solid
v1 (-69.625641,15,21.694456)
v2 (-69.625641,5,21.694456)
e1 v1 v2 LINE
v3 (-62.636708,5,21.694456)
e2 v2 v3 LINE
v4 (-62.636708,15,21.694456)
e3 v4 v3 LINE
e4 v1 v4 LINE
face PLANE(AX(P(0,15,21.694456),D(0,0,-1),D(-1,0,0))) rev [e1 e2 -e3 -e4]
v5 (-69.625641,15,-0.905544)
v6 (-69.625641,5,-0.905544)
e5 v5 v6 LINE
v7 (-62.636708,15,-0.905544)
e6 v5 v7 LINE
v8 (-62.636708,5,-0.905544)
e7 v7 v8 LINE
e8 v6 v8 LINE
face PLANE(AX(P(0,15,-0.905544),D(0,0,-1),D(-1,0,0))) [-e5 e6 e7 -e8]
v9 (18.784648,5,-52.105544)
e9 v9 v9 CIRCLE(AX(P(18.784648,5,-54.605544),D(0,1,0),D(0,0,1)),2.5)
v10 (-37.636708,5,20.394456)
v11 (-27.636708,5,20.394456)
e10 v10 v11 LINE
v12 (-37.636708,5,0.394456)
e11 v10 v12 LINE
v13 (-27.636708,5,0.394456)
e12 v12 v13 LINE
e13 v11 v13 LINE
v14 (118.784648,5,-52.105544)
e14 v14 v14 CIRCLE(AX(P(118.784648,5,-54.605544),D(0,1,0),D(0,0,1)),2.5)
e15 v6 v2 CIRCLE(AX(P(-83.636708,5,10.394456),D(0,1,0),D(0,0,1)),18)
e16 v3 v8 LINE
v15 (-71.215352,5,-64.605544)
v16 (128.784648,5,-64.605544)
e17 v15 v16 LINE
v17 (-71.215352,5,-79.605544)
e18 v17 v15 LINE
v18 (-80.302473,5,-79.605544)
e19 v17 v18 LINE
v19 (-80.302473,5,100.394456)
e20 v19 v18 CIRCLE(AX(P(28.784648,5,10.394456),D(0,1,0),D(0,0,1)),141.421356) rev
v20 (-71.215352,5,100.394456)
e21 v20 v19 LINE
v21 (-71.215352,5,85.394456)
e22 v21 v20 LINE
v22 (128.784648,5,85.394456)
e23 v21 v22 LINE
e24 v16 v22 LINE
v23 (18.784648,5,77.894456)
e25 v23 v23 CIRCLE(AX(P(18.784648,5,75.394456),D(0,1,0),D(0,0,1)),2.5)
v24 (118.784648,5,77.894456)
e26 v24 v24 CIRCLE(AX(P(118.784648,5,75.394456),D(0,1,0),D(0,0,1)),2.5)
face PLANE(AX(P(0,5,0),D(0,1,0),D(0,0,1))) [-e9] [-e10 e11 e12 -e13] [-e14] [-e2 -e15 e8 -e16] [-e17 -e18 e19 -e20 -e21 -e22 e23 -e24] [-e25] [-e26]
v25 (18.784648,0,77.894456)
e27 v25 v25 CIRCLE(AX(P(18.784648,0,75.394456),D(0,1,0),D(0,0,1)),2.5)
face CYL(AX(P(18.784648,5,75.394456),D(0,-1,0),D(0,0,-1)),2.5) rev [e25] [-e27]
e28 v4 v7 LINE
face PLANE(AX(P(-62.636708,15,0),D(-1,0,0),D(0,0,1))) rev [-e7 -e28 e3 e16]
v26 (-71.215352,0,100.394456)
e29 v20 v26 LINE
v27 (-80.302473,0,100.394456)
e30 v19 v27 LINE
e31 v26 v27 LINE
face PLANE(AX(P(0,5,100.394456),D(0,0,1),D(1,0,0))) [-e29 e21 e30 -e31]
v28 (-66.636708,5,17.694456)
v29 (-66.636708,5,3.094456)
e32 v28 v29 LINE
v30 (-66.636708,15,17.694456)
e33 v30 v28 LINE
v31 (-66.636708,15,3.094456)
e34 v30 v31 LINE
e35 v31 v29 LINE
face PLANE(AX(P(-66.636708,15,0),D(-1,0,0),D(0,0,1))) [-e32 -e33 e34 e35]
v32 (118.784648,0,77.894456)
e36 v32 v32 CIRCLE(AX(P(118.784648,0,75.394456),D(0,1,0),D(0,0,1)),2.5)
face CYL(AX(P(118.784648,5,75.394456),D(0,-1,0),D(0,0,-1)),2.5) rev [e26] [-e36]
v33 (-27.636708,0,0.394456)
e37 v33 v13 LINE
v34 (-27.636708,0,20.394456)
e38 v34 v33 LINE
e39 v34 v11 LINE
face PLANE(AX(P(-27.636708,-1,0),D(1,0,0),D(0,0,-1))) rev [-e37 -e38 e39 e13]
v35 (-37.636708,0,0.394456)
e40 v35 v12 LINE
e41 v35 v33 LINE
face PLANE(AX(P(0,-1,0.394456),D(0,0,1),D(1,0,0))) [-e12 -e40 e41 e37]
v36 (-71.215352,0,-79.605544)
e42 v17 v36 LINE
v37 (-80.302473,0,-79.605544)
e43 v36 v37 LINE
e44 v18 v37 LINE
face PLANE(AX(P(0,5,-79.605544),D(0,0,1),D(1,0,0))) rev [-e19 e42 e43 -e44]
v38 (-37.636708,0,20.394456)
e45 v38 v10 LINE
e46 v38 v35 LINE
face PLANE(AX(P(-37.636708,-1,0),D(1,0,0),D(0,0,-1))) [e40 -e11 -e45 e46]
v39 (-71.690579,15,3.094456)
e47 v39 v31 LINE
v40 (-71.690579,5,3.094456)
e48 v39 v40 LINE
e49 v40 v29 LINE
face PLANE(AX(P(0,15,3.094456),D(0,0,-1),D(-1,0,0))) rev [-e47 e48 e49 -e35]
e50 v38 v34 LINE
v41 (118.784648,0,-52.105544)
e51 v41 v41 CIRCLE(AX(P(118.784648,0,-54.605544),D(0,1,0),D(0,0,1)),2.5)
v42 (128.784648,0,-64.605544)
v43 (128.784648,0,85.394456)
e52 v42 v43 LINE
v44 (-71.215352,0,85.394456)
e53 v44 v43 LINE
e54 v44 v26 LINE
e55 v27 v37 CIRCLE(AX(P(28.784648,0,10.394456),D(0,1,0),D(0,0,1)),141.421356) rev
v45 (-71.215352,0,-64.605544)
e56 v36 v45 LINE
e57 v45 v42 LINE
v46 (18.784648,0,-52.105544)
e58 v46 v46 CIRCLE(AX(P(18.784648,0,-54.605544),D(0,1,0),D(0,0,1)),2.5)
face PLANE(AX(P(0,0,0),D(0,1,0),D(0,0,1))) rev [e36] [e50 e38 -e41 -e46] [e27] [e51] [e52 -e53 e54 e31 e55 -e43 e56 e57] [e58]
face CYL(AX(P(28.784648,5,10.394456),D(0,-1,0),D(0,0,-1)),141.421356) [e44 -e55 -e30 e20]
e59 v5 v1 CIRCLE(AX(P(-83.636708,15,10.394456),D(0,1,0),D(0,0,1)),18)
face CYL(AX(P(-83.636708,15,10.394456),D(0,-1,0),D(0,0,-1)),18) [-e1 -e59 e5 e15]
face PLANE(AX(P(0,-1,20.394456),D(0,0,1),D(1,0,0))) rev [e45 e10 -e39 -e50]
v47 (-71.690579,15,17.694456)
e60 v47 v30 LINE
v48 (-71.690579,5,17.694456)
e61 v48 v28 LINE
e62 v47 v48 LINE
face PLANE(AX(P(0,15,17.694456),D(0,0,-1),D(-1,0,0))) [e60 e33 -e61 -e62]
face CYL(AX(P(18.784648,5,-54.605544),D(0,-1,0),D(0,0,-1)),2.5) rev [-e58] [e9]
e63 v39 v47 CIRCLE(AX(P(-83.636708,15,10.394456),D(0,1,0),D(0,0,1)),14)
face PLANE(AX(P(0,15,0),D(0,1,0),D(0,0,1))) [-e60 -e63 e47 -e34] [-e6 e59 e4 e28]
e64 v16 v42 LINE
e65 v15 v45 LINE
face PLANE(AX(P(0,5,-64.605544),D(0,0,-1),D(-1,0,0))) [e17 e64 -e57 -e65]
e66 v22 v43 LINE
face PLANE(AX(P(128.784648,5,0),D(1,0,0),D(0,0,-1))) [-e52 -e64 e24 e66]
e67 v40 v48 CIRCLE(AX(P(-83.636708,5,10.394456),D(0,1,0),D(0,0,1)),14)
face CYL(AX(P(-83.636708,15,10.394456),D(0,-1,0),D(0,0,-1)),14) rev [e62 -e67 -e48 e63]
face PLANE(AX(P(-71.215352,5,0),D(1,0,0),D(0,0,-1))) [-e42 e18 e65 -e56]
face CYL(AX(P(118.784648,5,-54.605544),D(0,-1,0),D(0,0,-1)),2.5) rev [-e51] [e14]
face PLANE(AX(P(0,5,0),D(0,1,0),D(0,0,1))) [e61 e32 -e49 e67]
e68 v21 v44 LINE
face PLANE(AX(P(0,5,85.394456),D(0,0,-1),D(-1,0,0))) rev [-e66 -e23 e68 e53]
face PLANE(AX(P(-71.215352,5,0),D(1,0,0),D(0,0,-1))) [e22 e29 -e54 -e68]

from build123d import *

# Parameters (mm, degrees)
CROQUIS1_R              = 2.5
SALIENTE_EXTRUIR1_DEPTH = 5
SALIENTE_EXTRUIR3_DEPTH = 10
CROQUIS4_W              = 10
CROQUIS4_H              = 20
CORTAR_EXTRUIR1_DEPTH   = 6


with BuildPart() as part:
    # Croquis1 → Saliente-Extruir1 (new body)
    with BuildSketch(Plane(origin=(0, 0, 0), x_dir=(1, 0, 0), z_dir=(0, 1, 0))):
        with BuildLine():
            Line((-71.215351812, -100.39445629), (-71.215351812, -85.39445629))
            Line((-71.215351812, -85.39445629), (128.784648188, -85.39445629))
            Line((128.784648188, -85.39445629), (128.784648188, 64.60554371))
            Line((128.784648188, 64.60554371), (-71.215351812, 64.60554371))
            Line((-71.215351812, 64.60554371), (-71.215351812, 79.60554371))
            Line((-71.215351812, 79.60554371), (-80.302472959, 79.60554371))
            ThreePointArc((-80.302472959, 79.60554371), (-112.63670805, -10.39445629), (-80.302472959, -100.39445629))
            Line((-80.302472959, -100.39445629), (-71.215351812, -100.39445629))
        make_face()
        with Locations((118.784648188, 54.60554371)):
            Circle(CROQUIS1_R, mode=Mode.SUBTRACT)
        with Locations((18.784648188, -75.39445629)):
            Circle(CROQUIS1_R, mode=Mode.SUBTRACT)
        with Locations((118.784648188, -75.39445629)):
            Circle(CROQUIS1_R, mode=Mode.SUBTRACT)
        with Locations((18.784648188, 54.60554371)):
            Circle(CROQUIS1_R, mode=Mode.SUBTRACT)
    extrude(amount=SALIENTE_EXTRUIR1_DEPTH)

    # Croquis3 → Saliente-Extruir3 (add)
    with BuildSketch(Plane(origin=(0, 5, 0), x_dir=(1, 0, 0), z_dir=(0, 1, 0))):
        with BuildLine():
            Line((-101.63670805, -10.39445629), (-97.63670805, -10.39445629))
            ThreePointArc((-97.63670805, -10.39445629), (-89.972723776, 2.089729896), (-75.371721661, 0.90554371))
            Line((-75.371721661, 0.90554371), (-69.625640995, 0.90554371))
            ThreePointArc((-69.625640995, 0.90554371), (-89.62840201, 6.579040801), (-101.63670805, -10.39445629))
        make_face()
        with BuildLine():
            ThreePointArc((-75.371721661, -21.69445629), (-89.972723776, -22.878642476), (-97.63670805, -10.39445629))
            Line((-97.63670805, -10.39445629), (-101.63670805, -10.39445629))
            ThreePointArc((-101.63670805, -10.39445629), (-89.62840201, -27.367953381), (-69.625640995, -21.69445629))
            Line((-69.625640995, -21.69445629), (-75.371721661, -21.69445629))
        make_face()
        with BuildLine():
            ThreePointArc((-71.69057897, -17.69445629), (-73.335140348, -19.874841455), (-75.371721661, -21.69445629))
            Line((-75.371721661, -21.69445629), (-69.625640995, -21.69445629))
            ThreePointArc((-69.625640995, -21.69445629), (-68.273800946, -19.7742796), (-67.183440897, -17.69445629))
            Line((-67.183440897, -17.69445629), (-71.69057897, -17.69445629))
        make_face()
        with BuildLine():
            Line((-62.63670805, 0.90554371), (-69.625640995, 0.90554371))
            ThreePointArc((-69.625640995, 0.90554371), (-68.273800946, -1.01463298), (-67.183440897, -3.09445629))
            Line((-67.183440897, -3.09445629), (-66.63670805, -3.09445629))
            Line((-66.63670805, -3.09445629), (-66.63670805, -4.478376507))
            ThreePointArc((-66.63670805, -4.478376507), (-65.8884687, -7.39445629), (-65.63670805, -10.39445629))
            ThreePointArc((-65.63670805, -10.39445629), (-65.8884687, -13.39445629), (-66.63670805, -16.310536073))
            Line((-66.63670805, -16.310536073), (-66.63670805, -17.69445629))
            Line((-66.63670805, -17.69445629), (-67.183440897, -17.69445629))
            ThreePointArc((-67.183440897, -17.69445629), (-68.273800946, -19.7742796), (-69.625640995, -21.69445629))
            Line((-69.625640995, -21.69445629), (-62.63670805, -21.69445629))
            Line((-62.63670805, -21.69445629), (-62.63670805, 0.90554371))
        make_face()
        with BuildLine():
            Line((-66.63670805, -4.478376507), (-66.63670805, -10.39445629))
            Line((-66.63670805, -10.39445629), (-66.63670805, -16.310536073))
            ThreePointArc((-66.63670805, -16.310536073), (-65.8884687, -13.39445629), (-65.63670805, -10.39445629))
            ThreePointArc((-65.63670805, -10.39445629), (-65.8884687, -7.39445629), (-66.63670805, -4.478376507))
        make_face()
        with BuildLine():
            Line((-69.625640995, 0.90554371), (-75.371721661, 0.90554371))
            ThreePointArc((-75.371721661, 0.90554371), (-73.335140348, -0.914071125), (-71.69057897, -3.09445629))
            Line((-71.69057897, -3.09445629), (-67.183440897, -3.09445629))
            ThreePointArc((-67.183440897, -3.09445629), (-68.273800946, -1.01463298), (-69.625640995, 0.90554371))
        make_face()
    extrude(amount=SALIENTE_EXTRUIR3_DEPTH)

    # Croquis4 → Cortar-Extruir1 (cut)
    with BuildSketch(Plane(origin=(0, 5, 0), x_dir=(1, 0, 0), z_dir=(0, 1, 0))):
        with Locations((-32.63670805, -10.39445629)):
            Rectangle(CROQUIS4_W, CROQUIS4_H)
    extrude(amount=-CORTAR_EXTRUIR1_DEPTH, mode=Mode.SUBTRACT)


solid = part.part
